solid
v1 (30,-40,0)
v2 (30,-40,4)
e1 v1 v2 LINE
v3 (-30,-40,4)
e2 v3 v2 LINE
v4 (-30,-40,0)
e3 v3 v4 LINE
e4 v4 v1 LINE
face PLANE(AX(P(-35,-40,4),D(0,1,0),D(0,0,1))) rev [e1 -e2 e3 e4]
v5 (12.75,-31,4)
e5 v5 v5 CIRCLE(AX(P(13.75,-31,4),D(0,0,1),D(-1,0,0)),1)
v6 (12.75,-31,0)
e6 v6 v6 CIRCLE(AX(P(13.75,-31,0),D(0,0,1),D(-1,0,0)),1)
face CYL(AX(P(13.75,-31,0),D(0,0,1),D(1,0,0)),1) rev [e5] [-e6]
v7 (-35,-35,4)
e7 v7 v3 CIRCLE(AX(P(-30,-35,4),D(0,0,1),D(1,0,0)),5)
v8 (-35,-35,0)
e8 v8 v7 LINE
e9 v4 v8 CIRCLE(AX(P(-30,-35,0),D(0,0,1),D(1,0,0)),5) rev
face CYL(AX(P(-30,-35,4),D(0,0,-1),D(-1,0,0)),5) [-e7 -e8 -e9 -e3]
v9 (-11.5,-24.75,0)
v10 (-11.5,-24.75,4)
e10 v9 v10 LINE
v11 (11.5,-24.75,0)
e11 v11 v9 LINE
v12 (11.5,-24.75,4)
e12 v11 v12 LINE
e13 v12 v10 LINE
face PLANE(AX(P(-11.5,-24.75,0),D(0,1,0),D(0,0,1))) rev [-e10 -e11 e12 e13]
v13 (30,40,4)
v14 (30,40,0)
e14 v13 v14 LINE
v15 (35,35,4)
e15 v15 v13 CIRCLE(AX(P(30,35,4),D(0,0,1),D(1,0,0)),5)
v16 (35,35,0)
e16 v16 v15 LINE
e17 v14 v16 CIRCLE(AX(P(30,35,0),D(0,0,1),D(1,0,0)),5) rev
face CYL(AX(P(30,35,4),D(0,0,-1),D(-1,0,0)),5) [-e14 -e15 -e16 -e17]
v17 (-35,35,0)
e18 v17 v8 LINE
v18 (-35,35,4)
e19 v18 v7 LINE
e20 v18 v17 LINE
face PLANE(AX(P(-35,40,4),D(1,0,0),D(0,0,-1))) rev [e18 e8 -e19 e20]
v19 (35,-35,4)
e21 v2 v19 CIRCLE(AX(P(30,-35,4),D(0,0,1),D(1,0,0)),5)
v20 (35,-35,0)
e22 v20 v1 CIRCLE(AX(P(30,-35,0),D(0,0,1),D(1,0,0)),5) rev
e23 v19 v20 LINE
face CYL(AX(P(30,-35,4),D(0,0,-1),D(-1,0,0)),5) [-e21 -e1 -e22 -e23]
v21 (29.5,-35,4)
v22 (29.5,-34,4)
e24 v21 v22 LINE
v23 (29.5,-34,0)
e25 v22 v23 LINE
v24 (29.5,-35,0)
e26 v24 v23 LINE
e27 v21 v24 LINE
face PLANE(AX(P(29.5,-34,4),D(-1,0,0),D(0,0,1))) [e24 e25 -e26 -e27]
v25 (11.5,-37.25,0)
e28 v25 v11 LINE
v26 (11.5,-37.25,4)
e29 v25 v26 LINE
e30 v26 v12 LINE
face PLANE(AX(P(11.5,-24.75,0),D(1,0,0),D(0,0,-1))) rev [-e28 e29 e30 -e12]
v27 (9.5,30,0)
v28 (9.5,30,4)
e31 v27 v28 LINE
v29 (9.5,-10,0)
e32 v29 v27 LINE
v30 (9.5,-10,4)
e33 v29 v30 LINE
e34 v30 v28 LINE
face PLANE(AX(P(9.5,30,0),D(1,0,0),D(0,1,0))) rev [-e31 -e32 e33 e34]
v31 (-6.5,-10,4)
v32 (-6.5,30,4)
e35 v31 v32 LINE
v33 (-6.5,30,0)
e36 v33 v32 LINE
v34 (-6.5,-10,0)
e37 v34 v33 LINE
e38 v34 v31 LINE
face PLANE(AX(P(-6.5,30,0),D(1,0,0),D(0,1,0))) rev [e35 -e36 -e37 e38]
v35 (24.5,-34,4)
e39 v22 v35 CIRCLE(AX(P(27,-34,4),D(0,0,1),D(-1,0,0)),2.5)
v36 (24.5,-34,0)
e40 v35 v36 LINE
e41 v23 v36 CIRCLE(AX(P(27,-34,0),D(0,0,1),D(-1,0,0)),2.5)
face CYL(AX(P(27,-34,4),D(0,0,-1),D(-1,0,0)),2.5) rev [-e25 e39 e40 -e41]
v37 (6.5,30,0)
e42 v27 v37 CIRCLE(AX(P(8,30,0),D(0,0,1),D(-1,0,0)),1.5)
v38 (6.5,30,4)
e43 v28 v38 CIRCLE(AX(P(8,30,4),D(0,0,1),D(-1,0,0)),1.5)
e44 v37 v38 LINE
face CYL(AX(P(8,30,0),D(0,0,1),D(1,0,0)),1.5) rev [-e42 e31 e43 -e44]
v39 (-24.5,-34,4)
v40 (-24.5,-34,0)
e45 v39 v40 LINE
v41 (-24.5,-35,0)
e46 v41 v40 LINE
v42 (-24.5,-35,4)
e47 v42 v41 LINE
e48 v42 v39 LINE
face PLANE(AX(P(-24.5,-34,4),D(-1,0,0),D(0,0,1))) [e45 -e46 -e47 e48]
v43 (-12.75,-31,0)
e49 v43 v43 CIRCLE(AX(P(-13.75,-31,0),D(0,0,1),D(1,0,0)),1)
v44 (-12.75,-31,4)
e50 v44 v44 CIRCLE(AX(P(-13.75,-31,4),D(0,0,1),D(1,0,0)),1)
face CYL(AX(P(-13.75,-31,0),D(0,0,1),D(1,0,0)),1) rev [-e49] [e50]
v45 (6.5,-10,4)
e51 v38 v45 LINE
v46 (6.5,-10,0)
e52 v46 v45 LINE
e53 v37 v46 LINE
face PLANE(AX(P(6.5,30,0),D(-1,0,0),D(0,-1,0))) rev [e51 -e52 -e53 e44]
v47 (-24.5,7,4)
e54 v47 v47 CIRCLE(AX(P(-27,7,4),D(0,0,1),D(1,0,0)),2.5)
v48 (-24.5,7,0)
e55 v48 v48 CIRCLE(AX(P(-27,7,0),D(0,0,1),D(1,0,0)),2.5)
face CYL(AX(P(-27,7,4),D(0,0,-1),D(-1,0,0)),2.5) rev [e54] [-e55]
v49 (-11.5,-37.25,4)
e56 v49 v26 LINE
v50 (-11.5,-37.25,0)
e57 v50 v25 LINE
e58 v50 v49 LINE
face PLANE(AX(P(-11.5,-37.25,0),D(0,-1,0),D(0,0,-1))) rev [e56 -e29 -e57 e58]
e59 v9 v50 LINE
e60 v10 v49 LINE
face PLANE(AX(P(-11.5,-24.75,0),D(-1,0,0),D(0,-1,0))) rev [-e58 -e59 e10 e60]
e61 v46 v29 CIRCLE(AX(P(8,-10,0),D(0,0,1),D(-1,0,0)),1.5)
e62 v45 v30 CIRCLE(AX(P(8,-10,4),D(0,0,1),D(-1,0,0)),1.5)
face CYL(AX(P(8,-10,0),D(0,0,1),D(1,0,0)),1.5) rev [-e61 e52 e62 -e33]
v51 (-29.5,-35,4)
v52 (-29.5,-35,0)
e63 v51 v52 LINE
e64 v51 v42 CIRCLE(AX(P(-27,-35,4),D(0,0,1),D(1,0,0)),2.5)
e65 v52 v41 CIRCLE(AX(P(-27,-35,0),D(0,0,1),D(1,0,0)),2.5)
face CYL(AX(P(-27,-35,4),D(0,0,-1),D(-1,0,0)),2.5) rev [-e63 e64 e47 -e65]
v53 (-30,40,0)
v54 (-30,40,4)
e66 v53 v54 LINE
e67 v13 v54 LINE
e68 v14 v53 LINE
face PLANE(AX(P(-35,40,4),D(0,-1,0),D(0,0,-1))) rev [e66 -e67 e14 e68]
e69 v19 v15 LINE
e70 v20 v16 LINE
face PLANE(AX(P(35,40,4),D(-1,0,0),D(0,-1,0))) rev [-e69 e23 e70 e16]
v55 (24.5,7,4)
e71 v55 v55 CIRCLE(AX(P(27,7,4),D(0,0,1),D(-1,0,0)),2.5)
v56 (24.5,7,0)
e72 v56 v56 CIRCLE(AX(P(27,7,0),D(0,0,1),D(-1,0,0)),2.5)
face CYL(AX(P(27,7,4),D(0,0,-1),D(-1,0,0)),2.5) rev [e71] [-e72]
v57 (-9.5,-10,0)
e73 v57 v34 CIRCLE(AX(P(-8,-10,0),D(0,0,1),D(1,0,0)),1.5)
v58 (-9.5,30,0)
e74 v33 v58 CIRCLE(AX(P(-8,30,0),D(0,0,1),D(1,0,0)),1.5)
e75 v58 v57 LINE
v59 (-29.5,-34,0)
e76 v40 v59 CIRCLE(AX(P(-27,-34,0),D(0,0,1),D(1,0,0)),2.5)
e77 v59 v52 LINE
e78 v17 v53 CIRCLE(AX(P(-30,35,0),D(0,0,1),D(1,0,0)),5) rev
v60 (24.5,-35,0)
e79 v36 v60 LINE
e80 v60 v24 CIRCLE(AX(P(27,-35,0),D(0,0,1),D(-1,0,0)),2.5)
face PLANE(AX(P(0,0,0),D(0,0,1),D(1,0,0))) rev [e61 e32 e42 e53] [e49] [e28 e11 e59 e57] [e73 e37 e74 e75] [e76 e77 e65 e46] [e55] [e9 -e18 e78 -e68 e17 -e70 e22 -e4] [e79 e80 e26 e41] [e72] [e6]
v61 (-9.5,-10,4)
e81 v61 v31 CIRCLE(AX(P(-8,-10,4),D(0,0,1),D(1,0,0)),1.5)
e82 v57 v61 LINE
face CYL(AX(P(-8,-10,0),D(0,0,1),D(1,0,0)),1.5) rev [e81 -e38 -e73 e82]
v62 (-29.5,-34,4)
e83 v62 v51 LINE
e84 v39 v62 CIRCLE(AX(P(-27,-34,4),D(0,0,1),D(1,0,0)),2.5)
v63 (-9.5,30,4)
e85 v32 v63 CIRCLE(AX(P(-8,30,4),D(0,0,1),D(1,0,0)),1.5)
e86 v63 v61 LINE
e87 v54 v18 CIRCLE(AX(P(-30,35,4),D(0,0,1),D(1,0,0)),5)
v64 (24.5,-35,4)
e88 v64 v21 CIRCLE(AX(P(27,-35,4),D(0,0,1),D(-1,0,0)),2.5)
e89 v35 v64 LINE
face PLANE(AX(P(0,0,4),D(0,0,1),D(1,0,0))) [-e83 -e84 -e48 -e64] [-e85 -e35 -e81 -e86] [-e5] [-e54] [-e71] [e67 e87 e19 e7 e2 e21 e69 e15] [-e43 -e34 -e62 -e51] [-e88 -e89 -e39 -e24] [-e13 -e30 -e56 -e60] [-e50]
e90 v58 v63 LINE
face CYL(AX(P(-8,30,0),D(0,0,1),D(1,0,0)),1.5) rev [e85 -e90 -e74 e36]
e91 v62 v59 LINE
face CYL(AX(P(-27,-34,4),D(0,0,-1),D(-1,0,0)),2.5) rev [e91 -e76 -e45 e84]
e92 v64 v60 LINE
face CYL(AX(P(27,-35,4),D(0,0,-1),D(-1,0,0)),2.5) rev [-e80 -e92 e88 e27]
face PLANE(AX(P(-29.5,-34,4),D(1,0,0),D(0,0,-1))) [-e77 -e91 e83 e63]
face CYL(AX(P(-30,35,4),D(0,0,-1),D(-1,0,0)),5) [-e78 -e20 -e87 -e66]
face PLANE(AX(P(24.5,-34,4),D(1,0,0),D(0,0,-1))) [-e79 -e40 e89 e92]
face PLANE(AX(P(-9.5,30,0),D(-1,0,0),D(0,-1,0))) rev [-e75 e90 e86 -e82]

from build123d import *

# Parameters (mm, degrees)
SKETCH4_W           = 70
SKETCH4_H           = 80
SKETCH4_R           = 2.5
BOSS_EXTRUDE2_DEPTH = 4
FILLET1_R           = 5
SKETCH6_R           = 1
SKETCH6_W           = 23
SKETCH6_H           = 12.5
CUT_EXTRUDE1_DEPTH  = 54.301031885


with BuildPart() as part:
    # Sketch4 → Boss-Extrude2 (new body)
    with BuildSketch(Plane.XY):
        Rectangle(SKETCH4_W, SKETCH4_H)
        with Locations((-27, 7)):
            Circle(SKETCH4_R, mode=Mode.SUBTRACT)
        with Locations(Location((27, 7, 0), (0, 0, 180))):
            Circle(SKETCH4_R, mode=Mode.SUBTRACT)
        with BuildLine():
            Line((-24.5, -34), (-24.5, -35))
            ThreePointArc((-24.5, -35), (-27, -37.5), (-29.5, -35))
            Line((-29.5, -35), (-29.5, -34))
            ThreePointArc((-29.5, -34), (-27, -31.5), (-24.5, -34))
        make_face(mode=Mode.SUBTRACT)
        with BuildLine():
            Line((24.5, -34), (24.5, -35))
            ThreePointArc((24.5, -35), (27, -37.5), (29.5, -35))
            Line((29.5, -35), (29.5, -34))
            ThreePointArc((29.5, -34), (27, -31.5), (24.5, -34))
        make_face(mode=Mode.SUBTRACT)
    extrude(amount=BOSS_EXTRUDE2_DEPTH)

    # Fillet1
    fillet1_edges = [part.edges().sort_by_distance(p)[0] for p in [
        (35, -40, 2),
        (-35, -40, 2),
        (-35, 40, 2),
        (35, 40, 2),
    ]]
    fillet(fillet1_edges, radius=FILLET1_R)

    # Sketch6 → Cut-Extrude1 (cut, through all)
    with BuildSketch(Plane.XY.offset(4)):
        with Locations((-13.75, -31)):
            Circle(SKETCH6_R)
        with Locations(Location((13.75, -31, 0), (0, 0, 180))):
            Circle(SKETCH6_R)
        with Locations((0, -31)):
            Rectangle(SKETCH6_W, SKETCH6_H)
        with BuildLine():
            Line((-6.5, 30), (-6.5, -10))
            ThreePointArc((-6.5, -10), (-8, -11.5), (-9.5, -10))
            Line((-9.5, -10), (-9.5, 30))
            ThreePointArc((-9.5, 30), (-8, 31.5), (-6.5, 30))
        make_face()
        with BuildLine():
            Line((6.5, 30), (6.5, -10))
            ThreePointArc((6.5, -10), (8, -11.5), (9.5, -10))
            Line((9.5, -10), (9.5, 30))
            ThreePointArc((9.5, 30), (8, 31.5), (6.5, 30))
        make_face()
    extrude(amount=-CUT_EXTRUDE1_DEPTH, mode=Mode.SUBTRACT)


solid = part.part
